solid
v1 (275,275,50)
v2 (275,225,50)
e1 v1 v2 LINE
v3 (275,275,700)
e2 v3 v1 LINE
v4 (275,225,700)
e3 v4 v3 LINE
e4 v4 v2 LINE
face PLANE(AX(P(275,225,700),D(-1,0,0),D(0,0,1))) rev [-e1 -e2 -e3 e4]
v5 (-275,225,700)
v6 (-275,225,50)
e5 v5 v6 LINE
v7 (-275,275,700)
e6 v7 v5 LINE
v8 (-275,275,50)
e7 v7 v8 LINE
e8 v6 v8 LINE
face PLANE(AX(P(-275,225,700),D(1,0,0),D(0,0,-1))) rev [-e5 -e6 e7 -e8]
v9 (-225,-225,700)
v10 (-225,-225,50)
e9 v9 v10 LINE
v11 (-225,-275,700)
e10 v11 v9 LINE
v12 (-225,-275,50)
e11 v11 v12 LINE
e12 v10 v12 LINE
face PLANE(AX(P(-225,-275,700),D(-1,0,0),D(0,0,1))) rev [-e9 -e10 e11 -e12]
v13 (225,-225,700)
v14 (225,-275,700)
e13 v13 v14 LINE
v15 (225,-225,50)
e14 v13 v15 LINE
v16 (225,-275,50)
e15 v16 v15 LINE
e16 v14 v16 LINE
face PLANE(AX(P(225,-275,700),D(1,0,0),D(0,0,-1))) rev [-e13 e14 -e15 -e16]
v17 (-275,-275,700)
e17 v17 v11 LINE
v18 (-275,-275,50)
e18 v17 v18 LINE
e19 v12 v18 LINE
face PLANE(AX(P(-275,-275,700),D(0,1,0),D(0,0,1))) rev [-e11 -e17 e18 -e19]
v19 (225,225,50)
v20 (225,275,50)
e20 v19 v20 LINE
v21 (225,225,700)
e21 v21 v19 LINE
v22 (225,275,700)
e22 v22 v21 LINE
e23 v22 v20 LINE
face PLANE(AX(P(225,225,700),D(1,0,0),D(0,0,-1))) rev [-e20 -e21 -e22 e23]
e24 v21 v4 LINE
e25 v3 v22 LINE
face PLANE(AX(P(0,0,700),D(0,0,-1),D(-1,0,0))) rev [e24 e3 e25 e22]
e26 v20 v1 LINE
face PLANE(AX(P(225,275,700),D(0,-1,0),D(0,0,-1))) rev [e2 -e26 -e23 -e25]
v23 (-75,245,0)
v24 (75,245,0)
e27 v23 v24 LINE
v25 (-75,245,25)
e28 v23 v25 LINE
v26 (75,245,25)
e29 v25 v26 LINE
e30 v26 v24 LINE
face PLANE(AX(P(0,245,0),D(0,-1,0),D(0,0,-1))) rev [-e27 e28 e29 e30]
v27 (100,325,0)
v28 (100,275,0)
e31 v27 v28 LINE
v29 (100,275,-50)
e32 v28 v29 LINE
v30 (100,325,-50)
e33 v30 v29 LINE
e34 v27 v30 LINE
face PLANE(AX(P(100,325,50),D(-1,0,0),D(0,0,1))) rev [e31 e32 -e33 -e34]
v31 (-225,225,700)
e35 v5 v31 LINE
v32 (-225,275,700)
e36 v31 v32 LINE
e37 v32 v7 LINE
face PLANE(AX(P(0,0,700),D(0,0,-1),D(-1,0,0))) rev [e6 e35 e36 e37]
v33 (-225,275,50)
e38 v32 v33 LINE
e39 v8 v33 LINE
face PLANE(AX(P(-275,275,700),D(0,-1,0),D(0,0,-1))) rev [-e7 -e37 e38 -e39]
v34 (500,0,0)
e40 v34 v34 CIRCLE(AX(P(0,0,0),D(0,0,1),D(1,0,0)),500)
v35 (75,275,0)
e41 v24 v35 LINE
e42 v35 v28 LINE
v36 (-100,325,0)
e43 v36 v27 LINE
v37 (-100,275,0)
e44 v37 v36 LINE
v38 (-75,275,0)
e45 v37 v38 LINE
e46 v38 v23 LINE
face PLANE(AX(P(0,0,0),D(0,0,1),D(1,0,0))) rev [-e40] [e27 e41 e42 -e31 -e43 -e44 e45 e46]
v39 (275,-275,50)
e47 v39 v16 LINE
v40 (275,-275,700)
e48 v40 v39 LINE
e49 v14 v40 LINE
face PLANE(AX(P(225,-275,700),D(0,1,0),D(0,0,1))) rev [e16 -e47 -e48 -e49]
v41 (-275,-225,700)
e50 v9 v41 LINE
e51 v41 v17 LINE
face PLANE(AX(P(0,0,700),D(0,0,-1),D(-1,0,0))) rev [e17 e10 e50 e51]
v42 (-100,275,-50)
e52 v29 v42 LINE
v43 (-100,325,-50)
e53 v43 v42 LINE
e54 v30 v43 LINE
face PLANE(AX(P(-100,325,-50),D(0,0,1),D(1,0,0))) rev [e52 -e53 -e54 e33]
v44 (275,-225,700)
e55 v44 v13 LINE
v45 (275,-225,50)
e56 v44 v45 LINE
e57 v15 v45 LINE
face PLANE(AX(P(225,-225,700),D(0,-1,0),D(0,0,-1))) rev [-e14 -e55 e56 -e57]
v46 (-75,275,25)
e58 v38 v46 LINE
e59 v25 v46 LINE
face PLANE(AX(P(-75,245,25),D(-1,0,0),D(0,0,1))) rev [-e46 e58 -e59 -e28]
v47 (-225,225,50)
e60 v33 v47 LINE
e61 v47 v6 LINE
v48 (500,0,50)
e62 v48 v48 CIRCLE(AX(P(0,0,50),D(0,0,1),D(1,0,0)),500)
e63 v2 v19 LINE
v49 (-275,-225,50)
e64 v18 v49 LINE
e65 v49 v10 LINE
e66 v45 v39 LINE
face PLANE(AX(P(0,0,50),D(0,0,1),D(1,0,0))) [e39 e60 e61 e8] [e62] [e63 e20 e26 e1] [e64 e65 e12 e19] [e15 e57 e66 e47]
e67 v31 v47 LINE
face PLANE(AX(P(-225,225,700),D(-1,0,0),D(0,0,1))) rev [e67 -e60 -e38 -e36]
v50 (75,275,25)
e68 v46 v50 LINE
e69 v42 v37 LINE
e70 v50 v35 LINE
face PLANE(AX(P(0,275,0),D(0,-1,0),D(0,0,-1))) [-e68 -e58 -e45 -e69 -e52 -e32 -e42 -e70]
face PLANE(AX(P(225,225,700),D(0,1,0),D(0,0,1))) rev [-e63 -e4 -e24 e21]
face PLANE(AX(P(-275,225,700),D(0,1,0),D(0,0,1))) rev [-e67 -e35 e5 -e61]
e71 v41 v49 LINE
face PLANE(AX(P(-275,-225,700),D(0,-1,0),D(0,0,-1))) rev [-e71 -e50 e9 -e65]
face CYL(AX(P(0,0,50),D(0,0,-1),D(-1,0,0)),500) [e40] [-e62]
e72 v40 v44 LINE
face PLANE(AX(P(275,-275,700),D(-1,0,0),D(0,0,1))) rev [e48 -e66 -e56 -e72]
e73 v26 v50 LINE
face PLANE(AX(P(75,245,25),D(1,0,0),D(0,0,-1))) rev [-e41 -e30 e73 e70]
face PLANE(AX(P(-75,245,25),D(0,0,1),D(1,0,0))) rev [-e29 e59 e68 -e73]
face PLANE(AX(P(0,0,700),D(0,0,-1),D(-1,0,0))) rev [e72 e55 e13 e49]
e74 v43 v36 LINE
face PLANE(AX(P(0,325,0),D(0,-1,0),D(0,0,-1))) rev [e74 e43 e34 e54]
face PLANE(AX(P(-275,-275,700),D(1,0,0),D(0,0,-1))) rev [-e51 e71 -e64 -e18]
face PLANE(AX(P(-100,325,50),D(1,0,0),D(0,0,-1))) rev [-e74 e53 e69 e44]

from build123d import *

# Parameters (mm, degrees)
SKETCH_1_R          = 500
EXTRUDE_1_DEPTH     = 50
SKETCH_2_W          = 50
SKETCH_2_H          = 50
EXTRUDE_2_DEPTH     = 700
SKETCH_3_W          = 50
SKETCH_3_H          = 50
EXTRUDE_3_DEPTH     = 700
SKETCH_4_W          = 50
SKETCH_4_H          = 50
EXTRUDE_4_DEPTH     = 700
SKETCH_5_W          = 50
SKETCH_5_H          = 50
EXTRUDE_5_DEPTH     = 700
SKETCH_6_W          = 200
SKETCH_6_H          = 100
EXTRUDE_6_DEPTH     = 50
SKETCH_7_W          = 150
SKETCH_7_H          = 50
CUT_EXTRUDE_1_DEPTH = 30


with BuildPart() as part:
    # 草图1 → 凸台-拉伸1 (new body)
    with BuildSketch(Plane.XY):
        Circle(SKETCH_1_R)
    extrude(amount=EXTRUDE_1_DEPTH)

    # 草图2 → 凸台-拉伸2 (add)
    with BuildSketch(Plane.XY):
        with Locations((250, 250)):
            Rectangle(SKETCH_2_W, SKETCH_2_H)
    extrude(amount=EXTRUDE_2_DEPTH)

    # 草图3 → 凸台-拉伸3 (add)
    with BuildSketch(Plane.XY):
        with Locations((-250, 250)):
            Rectangle(SKETCH_3_W, SKETCH_3_H)
    extrude(amount=EXTRUDE_3_DEPTH)

    # 草图4 → 凸台-拉伸4 (add)
    with BuildSketch(Plane.XY):
        with Locations((250, -250)):
            Rectangle(SKETCH_4_W, SKETCH_4_H)
    extrude(amount=EXTRUDE_4_DEPTH)

    # 草图5 → 凸台-拉伸5 (add)
    with BuildSketch(Plane.XY):
        with Locations((-250, -250)):
            Rectangle(SKETCH_5_W, SKETCH_5_H)
    extrude(amount=EXTRUDE_5_DEPTH)

    # 草图6 → 凸台-拉伸6 (add)
    with BuildSketch(Plane(origin=(0, 275, 0), x_dir=(1, 0, 0), z_dir=(0, 1, 0))):
        Rectangle(SKETCH_6_W, SKETCH_6_H)
    extrude(amount=EXTRUDE_6_DEPTH)

    # 草图7 → 切除-拉伸1 (cut)
    with BuildSketch(Plane(origin=(0, 275, 0), x_dir=(1, 0, 0), z_dir=(0, 1, 0))):
        Rectangle(SKETCH_7_W, SKETCH_7_H)
    extrude(amount=-CUT_EXTRUDE_1_DEPTH, mode=Mode.SUBTRACT)


solid = part.part
